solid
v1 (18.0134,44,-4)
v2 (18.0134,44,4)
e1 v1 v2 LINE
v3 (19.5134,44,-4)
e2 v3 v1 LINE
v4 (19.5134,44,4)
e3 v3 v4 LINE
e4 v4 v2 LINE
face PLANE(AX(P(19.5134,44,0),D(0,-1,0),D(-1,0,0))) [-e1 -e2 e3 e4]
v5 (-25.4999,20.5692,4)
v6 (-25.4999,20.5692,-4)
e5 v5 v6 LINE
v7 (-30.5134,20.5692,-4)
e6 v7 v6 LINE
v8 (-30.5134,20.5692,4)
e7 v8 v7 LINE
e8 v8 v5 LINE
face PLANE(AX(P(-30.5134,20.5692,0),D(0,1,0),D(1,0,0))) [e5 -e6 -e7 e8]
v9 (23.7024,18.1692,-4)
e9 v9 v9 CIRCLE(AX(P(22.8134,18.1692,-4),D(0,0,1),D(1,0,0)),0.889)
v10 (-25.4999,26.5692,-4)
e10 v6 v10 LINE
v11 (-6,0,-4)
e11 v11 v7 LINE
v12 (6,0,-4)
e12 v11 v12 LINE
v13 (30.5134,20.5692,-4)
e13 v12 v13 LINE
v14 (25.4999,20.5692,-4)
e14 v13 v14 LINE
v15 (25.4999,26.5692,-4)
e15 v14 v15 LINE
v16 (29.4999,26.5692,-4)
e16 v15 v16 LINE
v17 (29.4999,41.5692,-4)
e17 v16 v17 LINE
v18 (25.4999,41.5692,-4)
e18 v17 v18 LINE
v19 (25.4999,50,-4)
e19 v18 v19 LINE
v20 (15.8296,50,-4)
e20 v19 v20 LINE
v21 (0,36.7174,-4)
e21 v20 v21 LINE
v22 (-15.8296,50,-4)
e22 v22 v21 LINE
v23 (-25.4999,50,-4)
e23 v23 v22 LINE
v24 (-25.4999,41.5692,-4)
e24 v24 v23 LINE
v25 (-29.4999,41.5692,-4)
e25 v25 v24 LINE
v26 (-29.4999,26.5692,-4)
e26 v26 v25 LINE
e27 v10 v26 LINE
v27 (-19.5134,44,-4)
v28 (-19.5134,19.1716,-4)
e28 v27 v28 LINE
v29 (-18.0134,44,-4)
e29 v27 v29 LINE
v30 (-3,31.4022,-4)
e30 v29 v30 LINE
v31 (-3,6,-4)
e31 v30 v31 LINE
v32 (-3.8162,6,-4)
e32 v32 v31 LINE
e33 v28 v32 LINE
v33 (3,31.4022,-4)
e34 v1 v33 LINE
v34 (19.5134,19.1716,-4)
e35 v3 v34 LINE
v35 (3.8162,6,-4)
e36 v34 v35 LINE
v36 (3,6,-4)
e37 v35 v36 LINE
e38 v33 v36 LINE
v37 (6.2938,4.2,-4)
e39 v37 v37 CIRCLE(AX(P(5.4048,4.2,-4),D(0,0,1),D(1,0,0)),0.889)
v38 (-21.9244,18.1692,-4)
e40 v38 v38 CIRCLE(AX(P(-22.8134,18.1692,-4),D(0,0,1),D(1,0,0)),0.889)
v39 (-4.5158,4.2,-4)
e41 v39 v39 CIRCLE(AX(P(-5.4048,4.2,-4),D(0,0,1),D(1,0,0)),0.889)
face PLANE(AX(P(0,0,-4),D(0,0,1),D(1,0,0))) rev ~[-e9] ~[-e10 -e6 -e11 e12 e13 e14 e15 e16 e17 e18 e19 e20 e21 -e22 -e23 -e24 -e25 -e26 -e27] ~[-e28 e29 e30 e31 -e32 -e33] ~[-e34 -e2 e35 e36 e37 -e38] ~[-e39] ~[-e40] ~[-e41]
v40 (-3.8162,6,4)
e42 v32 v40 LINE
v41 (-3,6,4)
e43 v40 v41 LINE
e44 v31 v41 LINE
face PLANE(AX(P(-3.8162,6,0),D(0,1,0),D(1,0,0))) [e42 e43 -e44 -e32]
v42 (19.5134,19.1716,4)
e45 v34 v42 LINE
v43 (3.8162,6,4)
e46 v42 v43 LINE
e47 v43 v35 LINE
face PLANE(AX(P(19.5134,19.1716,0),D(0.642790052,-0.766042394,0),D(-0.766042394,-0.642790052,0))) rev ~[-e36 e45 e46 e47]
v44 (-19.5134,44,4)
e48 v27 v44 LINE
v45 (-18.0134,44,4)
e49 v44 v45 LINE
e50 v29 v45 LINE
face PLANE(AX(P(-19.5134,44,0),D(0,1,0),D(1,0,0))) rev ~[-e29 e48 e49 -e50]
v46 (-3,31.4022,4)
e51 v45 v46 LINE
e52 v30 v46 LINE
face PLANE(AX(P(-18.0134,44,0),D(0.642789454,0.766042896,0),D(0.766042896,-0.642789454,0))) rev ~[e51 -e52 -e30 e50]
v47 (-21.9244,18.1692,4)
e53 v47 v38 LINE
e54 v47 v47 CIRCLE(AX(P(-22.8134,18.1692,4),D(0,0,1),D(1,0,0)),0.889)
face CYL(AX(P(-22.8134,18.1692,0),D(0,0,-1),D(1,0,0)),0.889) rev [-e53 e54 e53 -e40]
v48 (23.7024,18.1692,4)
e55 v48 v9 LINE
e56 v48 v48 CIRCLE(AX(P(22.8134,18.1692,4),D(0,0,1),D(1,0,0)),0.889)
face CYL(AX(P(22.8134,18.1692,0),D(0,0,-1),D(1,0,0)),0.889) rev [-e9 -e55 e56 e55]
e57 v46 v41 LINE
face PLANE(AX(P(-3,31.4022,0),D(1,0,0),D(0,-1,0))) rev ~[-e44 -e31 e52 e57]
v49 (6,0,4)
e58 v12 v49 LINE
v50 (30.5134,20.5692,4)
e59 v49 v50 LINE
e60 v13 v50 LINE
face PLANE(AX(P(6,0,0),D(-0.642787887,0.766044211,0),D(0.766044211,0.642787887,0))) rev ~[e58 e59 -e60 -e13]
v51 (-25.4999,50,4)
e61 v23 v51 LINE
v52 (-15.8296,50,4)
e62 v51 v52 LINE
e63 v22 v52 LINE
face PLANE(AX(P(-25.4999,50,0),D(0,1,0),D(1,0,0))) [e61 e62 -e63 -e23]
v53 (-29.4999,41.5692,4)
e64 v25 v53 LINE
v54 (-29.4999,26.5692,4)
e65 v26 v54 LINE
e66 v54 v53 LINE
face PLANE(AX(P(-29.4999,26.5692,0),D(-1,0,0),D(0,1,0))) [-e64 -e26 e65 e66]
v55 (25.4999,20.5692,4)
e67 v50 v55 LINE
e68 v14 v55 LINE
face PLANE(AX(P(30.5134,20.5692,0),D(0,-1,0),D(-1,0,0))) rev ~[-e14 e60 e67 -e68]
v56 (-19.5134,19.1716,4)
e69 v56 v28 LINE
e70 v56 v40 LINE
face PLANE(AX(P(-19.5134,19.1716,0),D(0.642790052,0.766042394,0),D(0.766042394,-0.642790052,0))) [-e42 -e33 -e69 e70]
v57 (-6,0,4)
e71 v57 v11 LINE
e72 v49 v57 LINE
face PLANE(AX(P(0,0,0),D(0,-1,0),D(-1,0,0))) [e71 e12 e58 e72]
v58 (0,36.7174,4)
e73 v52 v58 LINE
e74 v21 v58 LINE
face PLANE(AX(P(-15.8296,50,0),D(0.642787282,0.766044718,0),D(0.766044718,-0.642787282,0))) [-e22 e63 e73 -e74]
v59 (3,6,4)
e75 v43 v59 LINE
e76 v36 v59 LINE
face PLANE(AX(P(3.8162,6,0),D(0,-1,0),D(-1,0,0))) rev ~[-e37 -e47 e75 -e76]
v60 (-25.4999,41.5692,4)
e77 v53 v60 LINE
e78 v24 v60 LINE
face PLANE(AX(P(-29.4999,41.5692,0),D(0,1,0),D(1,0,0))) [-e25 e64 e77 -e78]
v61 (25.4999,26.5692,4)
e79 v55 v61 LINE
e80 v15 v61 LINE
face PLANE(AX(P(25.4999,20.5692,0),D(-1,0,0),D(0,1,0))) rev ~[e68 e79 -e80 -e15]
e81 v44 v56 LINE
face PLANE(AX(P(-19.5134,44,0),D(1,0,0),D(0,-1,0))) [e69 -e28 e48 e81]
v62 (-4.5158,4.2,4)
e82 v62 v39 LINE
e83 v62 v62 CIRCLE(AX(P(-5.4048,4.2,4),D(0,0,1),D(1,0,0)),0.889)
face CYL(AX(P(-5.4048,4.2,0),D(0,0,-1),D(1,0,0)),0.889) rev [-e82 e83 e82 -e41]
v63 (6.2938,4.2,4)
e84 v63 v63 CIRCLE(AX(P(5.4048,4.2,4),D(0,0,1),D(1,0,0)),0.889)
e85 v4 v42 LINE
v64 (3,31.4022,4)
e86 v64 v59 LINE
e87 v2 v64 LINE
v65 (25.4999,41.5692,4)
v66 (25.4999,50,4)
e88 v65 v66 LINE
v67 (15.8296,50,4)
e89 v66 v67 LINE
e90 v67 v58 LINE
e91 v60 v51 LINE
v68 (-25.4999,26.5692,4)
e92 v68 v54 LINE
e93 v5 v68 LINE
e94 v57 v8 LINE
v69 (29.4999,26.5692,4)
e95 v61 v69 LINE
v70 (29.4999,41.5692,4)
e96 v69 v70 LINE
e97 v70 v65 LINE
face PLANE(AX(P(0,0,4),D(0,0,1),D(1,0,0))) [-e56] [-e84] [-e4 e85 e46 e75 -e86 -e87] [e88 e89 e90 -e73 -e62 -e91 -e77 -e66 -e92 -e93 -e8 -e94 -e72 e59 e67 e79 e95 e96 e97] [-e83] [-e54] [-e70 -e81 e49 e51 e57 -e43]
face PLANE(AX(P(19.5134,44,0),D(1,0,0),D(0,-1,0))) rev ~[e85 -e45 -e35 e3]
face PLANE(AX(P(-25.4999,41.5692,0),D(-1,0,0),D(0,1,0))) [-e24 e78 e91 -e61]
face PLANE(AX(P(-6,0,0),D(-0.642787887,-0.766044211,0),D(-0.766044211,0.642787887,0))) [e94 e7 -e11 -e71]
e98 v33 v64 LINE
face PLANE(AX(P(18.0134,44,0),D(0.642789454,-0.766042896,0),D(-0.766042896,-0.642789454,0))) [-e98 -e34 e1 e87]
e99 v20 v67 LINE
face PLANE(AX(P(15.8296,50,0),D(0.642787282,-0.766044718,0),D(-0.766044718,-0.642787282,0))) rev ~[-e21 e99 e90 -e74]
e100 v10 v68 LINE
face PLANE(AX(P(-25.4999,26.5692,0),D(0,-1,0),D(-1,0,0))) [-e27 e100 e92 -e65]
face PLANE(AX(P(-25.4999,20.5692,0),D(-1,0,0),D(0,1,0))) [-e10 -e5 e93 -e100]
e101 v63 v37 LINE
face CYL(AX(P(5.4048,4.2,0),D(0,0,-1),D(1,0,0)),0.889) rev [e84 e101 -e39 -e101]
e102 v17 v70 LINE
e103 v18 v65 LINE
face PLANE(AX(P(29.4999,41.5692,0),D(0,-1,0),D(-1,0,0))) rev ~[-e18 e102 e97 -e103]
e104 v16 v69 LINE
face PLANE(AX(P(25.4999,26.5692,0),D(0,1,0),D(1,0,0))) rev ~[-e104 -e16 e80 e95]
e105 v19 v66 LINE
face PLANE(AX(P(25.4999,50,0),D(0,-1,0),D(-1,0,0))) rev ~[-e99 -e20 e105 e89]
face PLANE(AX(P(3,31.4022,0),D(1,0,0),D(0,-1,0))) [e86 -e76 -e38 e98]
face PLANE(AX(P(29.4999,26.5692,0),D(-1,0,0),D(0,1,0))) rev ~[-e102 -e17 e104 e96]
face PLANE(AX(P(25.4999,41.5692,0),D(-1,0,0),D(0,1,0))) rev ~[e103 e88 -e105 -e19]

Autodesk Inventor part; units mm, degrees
ref_plane "YZ Plane" through (0, 0, 0) normal (1, 0, 0) x (0, 1, 0)
ref_plane "XZ Plane" through (0, 0, 0) normal (0, 1, 0) x (-1, 0, 0)
ref_plane "XY Plane" through (0, 0, 0) normal (0, 0, 1) x (1, 0, 0)
sketch "Sketch1" plane through (0, 0, 0) normal (0, 0, 1) x (1, 0, 0)
  line L0 (0, 0) -> (-6, 0)
  line L1 (-6, 0) -> (-30.5134, 20.5692)
  line L2 (-19.5134, 44) -> (-19.5134, 19.1716)
  line L3 (-19.5134, 19.1716) -> (-3.8162, 6)
  line L4 (0, 0) -> (0, 7.1987)
  circle A0 centre (-5.4048, 4.2) radius 0.889
  circle A1 centre (-22.8134, 18.1692) radius 0.889
  line L5 (-30.5134, 20.5692) -> (-25.4999, 20.5692)
  line L6 (-25.4999, 20.5692) -> (-25.4999, 26.5692)
  line L7 (-25.4999, 26.5692) -> (-29.4999, 26.5692)
  line L8 (-29.4999, 26.5692) -> (-29.4999, 41.5692)
  line L9 (-29.4999, 41.5692) -> (-25.4999, 41.5692)
  line L10 (-25.4999, 41.5692) -> (-25.4999, 50)
  line L11 (-25.4999, 50) -> (-15.8296, 50)
  line L12 (-15.8296, 50) -> (0, 36.7174)
  line L13 (-3, 31.4022) -> (-3, 6)
  line L14 (0, 7.1987) -> (0, 36.7174)
  line L15 (-18.0134, 44) -> (-3, 31.4022)
  line L16 (-19.5134, 44) -> (-18.0134, 44)
  line L17 (-3.8162, 6) -> (-3, 6)
  line L18 (0, 0) -> (6, 0)
  circle A2 centre (5.4048, 4.2) radius 0.889
  line L19 (19.5134, 19.1716) -> (3.8162, 6)
  line L20 (19.5134, 44) -> (19.5134, 19.1716)
  line L21 (6, 0) -> (30.5134, 20.5692)
  circle A3 centre (22.8134, 18.1692) radius 0.889
  line L22 (30.5134, 20.5692) -> (25.4999, 20.5692)
  line L23 (25.4999, 20.5692) -> (25.4999, 26.5692)
  line L24 (25.4999, 26.5692) -> (29.4999, 26.5692)
  line L25 (29.4999, 26.5692) -> (29.4999, 41.5692)
  line L26 (29.4999, 41.5692) -> (25.4999, 41.5692)
  line L27 (25.4999, 41.5692) -> (25.4999, 50)
  line L28 (25.4999, 50) -> (15.8296, 50)
  line L29 (15.8296, 50) -> (0, 36.7174)
  line L30 (3, 31.4022) -> (3, 6)
  line L31 (18.0134, 44) -> (3, 31.4022)
  line L32 (19.5134, 44) -> (18.0134, 44)
  line L33 (3.8162, 6) -> (3, 6)
  dimension "d0" = 6
  dimension "d2" = 40
  dimension "d5" = 1.778
  dimension "d6" = 32
  dimension "d8" = 3.3
  dimension "d9" = 2.4
  dimension "d10" = 4.2
  dimension "d11" = 6
  dimension "d13" = 5.0135
  dimension "d14" = 2.4
  dimension "d21" = 6
  dimension "d22" = 6
  dimension "d23" = 1.5
  dimension "d24" = 15
  dimension "d25" = 4
  dimension "d30" = 6
  dimension "d32" = 6
  dimension "d33" = 6
  dimension "d34" = 5.9865
  dimension "d35" = 50
extrude "Extrusion1" add sketch "Sketch1" along normal mid plane 8
properties part number "Leg_part2"
